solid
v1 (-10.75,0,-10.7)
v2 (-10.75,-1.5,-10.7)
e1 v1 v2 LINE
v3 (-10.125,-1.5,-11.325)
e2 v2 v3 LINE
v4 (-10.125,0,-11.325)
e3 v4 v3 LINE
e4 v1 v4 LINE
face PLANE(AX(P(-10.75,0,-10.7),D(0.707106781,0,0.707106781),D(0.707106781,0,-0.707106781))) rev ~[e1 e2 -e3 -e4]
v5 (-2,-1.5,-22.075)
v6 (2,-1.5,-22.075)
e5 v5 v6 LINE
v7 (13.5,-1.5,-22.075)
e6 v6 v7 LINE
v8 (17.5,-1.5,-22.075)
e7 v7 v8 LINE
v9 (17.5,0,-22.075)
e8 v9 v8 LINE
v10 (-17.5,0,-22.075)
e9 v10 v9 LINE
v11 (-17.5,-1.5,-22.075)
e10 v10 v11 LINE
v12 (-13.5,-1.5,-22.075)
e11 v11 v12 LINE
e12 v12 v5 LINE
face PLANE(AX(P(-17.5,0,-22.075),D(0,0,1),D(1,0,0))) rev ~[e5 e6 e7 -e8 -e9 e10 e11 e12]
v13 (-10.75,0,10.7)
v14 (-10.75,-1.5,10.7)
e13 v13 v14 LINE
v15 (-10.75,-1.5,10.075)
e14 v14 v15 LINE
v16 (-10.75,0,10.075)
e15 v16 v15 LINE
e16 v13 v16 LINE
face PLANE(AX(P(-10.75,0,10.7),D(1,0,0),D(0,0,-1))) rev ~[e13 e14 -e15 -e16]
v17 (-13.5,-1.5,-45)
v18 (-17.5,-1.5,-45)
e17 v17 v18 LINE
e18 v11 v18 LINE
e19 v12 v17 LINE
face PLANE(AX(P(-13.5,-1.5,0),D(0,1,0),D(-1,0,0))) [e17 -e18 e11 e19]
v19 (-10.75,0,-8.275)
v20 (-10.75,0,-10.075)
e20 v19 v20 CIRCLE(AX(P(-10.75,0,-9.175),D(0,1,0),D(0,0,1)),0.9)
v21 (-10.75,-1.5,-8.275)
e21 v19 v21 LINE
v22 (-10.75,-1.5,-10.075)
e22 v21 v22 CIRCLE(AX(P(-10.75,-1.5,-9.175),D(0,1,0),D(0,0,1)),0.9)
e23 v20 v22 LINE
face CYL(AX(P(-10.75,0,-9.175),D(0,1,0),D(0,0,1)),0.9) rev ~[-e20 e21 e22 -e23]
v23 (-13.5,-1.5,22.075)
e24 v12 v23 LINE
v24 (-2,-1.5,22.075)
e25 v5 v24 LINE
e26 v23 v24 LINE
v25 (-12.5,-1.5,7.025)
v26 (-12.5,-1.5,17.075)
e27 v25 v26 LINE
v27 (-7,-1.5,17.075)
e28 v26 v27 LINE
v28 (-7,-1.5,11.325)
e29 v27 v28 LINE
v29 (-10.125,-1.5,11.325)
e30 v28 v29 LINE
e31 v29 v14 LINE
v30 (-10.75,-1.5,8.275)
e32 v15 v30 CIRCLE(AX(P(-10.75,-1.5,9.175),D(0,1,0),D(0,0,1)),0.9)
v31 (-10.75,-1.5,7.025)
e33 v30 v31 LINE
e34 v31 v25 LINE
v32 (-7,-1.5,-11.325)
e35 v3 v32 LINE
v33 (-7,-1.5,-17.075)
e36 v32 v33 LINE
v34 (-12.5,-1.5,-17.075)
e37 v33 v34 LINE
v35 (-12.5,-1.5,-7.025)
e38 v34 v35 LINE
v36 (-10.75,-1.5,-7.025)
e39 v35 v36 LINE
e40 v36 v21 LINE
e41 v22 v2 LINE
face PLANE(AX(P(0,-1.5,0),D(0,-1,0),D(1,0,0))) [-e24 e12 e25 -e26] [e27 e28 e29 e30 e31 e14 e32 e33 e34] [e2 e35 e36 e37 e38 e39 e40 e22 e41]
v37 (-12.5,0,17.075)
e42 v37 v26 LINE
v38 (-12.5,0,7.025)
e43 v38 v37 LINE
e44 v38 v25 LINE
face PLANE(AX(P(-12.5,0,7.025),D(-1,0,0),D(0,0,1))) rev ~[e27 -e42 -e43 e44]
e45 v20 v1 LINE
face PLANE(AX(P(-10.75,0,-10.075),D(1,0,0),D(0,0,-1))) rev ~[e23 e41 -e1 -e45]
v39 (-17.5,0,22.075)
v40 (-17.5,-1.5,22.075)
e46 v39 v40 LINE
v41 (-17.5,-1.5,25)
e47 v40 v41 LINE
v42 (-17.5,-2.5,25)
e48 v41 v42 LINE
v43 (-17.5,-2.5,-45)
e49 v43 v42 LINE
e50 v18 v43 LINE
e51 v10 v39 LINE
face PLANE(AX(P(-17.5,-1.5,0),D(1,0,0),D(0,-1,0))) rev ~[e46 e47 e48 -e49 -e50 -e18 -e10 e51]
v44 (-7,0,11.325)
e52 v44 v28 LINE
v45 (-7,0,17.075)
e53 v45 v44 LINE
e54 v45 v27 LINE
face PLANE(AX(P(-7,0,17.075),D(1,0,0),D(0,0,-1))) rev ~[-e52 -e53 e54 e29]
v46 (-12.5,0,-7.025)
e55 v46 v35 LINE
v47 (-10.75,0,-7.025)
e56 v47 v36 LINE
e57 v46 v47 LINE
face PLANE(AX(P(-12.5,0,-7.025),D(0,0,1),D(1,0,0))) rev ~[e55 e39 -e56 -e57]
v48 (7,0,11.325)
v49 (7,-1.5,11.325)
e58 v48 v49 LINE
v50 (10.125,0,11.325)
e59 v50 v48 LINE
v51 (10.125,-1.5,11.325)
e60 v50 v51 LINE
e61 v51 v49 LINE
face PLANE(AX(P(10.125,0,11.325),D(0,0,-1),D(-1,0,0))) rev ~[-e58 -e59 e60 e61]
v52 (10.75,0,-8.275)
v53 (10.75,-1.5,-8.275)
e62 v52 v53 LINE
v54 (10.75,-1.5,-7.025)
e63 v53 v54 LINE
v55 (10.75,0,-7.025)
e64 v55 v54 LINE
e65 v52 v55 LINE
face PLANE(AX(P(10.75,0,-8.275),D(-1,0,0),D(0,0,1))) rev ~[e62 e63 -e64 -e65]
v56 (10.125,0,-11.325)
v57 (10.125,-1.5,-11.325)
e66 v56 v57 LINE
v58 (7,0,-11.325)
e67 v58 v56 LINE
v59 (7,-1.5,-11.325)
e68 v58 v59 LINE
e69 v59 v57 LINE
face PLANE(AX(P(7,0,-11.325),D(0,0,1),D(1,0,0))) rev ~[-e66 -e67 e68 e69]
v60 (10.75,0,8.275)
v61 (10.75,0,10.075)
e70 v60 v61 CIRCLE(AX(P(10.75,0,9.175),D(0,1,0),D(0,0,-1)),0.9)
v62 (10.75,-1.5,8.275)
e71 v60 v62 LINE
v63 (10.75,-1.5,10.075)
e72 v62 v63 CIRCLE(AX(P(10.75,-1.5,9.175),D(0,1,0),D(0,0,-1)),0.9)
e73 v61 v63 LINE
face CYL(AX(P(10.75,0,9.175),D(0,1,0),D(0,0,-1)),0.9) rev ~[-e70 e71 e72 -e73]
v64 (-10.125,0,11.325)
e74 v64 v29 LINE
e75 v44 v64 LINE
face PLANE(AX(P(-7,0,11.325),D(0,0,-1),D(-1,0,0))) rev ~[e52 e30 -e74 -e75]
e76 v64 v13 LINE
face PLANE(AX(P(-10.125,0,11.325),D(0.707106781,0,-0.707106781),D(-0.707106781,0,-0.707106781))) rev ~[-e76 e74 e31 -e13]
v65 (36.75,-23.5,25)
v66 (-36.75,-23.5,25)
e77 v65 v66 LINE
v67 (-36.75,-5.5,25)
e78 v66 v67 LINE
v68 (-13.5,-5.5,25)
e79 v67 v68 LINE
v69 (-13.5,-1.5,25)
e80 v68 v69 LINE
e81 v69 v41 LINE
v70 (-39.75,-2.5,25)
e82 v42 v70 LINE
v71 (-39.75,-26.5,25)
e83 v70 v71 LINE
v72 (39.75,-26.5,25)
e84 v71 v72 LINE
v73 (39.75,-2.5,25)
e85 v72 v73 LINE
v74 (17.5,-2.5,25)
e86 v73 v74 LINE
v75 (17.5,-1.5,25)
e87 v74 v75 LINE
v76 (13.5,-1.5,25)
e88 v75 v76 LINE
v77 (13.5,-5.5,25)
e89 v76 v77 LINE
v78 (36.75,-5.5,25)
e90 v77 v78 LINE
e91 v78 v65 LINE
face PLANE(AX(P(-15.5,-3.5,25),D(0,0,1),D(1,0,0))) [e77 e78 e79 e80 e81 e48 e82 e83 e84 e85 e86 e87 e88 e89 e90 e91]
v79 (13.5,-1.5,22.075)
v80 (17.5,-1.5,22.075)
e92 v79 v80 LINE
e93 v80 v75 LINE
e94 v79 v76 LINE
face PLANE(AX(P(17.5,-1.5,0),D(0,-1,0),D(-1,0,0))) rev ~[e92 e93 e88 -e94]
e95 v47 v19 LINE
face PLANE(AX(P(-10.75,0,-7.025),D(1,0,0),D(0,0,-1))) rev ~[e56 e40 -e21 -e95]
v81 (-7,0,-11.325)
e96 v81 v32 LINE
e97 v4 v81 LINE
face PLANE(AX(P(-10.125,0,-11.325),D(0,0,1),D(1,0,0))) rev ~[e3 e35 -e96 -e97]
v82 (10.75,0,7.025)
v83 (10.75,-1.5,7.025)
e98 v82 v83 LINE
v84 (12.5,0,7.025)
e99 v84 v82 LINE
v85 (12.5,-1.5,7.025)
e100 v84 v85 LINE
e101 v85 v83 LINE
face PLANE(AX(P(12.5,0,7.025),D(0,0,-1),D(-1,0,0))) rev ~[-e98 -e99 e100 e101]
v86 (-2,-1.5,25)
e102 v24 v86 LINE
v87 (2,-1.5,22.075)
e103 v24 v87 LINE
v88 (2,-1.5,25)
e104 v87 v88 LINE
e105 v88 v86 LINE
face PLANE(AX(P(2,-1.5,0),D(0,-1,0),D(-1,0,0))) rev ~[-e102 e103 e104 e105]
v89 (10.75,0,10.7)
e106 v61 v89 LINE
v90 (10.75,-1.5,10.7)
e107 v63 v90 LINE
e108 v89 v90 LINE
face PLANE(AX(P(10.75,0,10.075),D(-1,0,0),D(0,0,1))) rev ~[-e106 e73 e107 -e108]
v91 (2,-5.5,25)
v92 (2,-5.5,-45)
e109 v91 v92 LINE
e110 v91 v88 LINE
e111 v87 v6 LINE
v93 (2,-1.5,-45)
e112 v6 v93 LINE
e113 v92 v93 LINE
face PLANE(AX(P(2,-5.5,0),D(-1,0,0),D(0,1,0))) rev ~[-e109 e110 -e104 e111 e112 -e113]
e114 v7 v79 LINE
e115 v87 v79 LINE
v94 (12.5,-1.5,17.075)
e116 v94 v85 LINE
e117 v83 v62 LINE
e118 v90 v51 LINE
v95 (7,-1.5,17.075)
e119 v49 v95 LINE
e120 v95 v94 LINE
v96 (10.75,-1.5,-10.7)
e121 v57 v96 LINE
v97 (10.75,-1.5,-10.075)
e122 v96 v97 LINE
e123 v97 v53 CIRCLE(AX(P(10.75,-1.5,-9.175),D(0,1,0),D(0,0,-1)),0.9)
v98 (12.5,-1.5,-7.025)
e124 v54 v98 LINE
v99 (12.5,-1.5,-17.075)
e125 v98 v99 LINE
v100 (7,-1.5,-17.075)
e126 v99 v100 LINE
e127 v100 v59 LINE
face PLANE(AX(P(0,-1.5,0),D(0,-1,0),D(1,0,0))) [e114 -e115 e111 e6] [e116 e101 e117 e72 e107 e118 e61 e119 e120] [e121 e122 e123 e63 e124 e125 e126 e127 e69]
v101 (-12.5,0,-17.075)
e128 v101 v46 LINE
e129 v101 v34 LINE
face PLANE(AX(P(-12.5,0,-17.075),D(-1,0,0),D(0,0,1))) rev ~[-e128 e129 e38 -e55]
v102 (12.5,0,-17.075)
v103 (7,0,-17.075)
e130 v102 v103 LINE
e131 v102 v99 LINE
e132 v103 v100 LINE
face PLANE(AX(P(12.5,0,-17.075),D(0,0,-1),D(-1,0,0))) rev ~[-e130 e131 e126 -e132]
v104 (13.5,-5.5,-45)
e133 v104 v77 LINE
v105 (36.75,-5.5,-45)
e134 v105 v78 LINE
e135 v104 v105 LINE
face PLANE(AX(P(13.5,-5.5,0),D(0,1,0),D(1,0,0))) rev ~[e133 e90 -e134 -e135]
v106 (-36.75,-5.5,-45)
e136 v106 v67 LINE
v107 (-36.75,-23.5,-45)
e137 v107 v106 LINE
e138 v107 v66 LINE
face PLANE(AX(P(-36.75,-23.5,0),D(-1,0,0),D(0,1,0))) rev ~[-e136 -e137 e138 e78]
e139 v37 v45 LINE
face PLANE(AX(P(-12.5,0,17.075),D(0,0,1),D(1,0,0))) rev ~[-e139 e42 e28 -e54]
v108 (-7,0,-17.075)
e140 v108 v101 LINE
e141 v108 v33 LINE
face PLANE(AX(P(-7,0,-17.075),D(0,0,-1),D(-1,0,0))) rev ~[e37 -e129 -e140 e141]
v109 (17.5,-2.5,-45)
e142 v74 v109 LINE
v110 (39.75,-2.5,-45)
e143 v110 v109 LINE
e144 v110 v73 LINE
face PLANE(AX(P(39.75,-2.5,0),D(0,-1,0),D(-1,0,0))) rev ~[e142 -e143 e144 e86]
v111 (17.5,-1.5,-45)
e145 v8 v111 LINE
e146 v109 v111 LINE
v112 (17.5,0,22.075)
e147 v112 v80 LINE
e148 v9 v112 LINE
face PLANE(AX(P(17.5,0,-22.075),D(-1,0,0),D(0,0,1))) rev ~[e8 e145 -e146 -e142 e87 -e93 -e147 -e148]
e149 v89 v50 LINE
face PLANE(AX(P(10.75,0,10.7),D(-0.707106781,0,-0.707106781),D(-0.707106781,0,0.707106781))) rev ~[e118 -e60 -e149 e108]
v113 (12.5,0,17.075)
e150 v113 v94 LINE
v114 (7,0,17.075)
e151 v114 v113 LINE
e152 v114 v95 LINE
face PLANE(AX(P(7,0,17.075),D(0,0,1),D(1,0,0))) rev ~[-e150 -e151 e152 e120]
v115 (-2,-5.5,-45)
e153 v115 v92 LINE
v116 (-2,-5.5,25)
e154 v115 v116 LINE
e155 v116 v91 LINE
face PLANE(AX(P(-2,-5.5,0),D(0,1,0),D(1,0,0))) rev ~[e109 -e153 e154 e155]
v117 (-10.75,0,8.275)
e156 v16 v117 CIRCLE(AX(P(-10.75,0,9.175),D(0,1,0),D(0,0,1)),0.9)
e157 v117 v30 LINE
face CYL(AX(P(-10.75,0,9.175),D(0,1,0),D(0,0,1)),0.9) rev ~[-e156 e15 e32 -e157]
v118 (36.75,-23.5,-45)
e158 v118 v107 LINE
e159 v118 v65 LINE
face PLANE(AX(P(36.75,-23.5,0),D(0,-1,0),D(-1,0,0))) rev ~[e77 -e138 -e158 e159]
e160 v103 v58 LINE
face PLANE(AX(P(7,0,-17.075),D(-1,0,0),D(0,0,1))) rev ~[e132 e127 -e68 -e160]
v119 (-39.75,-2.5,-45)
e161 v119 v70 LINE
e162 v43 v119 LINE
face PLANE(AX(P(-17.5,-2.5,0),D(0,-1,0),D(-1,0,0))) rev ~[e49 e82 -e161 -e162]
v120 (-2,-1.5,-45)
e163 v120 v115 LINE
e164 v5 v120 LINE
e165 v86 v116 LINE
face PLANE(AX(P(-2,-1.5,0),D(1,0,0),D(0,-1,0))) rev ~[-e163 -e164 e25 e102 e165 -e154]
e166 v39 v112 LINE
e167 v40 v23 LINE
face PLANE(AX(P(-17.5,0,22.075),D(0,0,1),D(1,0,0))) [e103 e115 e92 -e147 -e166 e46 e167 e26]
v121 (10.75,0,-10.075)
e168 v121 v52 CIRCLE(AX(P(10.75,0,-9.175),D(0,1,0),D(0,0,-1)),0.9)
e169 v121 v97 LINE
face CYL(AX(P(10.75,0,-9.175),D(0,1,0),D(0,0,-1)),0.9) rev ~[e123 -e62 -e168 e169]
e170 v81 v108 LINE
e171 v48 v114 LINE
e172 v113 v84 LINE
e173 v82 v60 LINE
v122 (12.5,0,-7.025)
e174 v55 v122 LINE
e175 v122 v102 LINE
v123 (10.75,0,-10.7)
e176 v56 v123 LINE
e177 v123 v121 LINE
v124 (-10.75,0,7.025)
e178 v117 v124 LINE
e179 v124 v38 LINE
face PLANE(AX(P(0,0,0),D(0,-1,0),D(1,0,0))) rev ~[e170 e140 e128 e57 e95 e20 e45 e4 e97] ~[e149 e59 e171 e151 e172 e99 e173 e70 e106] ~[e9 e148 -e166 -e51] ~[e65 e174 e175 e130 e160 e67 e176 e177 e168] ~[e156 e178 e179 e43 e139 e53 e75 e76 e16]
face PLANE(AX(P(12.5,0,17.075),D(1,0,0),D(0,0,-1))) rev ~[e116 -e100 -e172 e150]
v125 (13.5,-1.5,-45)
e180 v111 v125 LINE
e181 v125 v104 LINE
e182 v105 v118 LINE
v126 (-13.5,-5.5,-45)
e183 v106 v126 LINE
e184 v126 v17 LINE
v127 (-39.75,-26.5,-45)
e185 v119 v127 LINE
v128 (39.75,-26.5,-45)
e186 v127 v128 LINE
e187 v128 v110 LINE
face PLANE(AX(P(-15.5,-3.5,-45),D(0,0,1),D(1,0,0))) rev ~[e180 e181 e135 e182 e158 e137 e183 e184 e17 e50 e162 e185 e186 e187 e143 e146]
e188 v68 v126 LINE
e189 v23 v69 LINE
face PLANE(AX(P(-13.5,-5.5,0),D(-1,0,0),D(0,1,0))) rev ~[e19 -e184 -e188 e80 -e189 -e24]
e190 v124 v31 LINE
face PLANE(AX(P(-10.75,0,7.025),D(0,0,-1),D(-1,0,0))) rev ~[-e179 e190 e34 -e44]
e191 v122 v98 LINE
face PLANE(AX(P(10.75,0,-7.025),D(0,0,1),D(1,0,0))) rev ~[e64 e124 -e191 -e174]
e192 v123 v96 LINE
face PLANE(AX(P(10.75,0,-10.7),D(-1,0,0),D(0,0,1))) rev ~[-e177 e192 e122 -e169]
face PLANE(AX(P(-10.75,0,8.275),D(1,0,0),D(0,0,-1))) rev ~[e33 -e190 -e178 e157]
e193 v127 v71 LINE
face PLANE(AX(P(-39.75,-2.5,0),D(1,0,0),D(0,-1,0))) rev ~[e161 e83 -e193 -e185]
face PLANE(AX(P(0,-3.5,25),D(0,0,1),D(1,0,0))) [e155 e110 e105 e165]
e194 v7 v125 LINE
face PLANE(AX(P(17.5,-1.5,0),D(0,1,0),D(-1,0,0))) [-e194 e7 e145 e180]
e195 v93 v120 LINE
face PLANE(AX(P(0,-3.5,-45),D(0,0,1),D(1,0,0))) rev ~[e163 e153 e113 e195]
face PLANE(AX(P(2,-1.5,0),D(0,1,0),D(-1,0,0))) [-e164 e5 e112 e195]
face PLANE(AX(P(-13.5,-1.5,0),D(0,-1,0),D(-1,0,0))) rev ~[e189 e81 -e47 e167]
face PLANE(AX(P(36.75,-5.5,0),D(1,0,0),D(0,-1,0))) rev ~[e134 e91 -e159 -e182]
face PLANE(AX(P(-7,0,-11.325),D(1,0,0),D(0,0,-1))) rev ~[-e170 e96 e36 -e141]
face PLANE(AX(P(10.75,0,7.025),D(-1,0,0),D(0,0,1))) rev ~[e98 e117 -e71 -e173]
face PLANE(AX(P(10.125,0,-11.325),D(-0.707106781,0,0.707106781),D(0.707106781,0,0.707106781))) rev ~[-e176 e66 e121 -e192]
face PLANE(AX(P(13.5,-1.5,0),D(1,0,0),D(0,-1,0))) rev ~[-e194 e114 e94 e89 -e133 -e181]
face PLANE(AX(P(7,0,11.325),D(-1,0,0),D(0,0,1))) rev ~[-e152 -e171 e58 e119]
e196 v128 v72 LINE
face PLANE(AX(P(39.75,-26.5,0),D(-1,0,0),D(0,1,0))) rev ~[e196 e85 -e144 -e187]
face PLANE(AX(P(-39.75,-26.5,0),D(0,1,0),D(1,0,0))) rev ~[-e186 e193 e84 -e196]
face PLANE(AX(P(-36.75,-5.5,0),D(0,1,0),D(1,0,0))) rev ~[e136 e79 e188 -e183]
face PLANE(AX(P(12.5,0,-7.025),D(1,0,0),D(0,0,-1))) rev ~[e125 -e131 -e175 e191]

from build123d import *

# Parameters (mm, degrees)
F0_W          = 35
F0_H          = 44.15
F1_DEPTH      = 1.5
F3_DEPTH      = 45
F3_DEPTH_BACK = 25


with BuildPart() as f1:
    # F0 (on Front) → F1 (new body)
    with BuildSketch(Plane.XZ):
        Rectangle(F0_W, F0_H)
        with BuildLine():
            Line((-10.75, -10.075), (-10.75, -10.7))
            Line((-10.75, -10.7), (-10.125, -11.325))
            Line((-10.125, -11.325), (-7, -11.325))
            Line((-7, -11.325), (-7, -17.075))
            Line((-7, -17.075), (-12.5, -17.075))
            Line((-12.5, -17.075), (-12.5, -11.325))
            Line((-12.5, -11.325), (-12.5, -7.025))
            Line((-12.5, -7.025), (-10.75, -7.025))
            Line((-10.75, -7.025), (-10.75, -8.275))
            ThreePointArc((-10.75, -8.275), (-9.85, -9.175), (-10.75, -10.075))
        make_face(mode=Mode.SUBTRACT)
        with BuildLine():
            Line((10.125, -11.325), (10.75, -10.7))
            Line((10.75, -10.7), (10.75, -10.075))
            ThreePointArc((10.75, -10.075), (9.85, -9.175), (10.75, -8.275))
            Line((10.75, -8.275), (10.75, -7.025))
            Line((10.75, -7.025), (12.5, -7.025))
            Line((12.5, -7.025), (12.5, -11.325))
            Line((12.5, -11.325), (12.5, -17.075))
            Line((12.5, -17.075), (7, -17.075))
            Line((7, -17.075), (7, -11.325))
            Line((7, -11.325), (10.125, -11.325))
        make_face(mode=Mode.SUBTRACT)
        with BuildLine():
            Line((-12.5, 17.075), (-7, 17.075))
            Line((-7, 17.075), (-7, 11.325))
            Line((-7, 11.325), (-10.125, 11.325))
            Line((-10.125, 11.325), (-10.75, 10.7))
            Line((-10.75, 10.7), (-10.75, 10.075))
            ThreePointArc((-10.75, 10.075), (-9.85, 9.175), (-10.75, 8.275))
            Line((-10.75, 8.275), (-10.75, 7.025))
            Line((-10.75, 7.025), (-12.5, 7.025))
            Line((-12.5, 7.025), (-12.5, 11.325))
            Line((-12.5, 11.325), (-12.5, 17.075))
        make_face(mode=Mode.SUBTRACT)
        with BuildLine():
            Line((7, 17.075), (12.5, 17.075))
            Line((12.5, 17.075), (12.5, 11.325))
            Line((12.5, 11.325), (12.5, 7.025))
            Line((12.5, 7.025), (10.75, 7.025))
            Line((10.75, 7.025), (10.75, 8.275))
            ThreePointArc((10.75, 8.275), (9.85, 9.175), (10.75, 10.075))
            Line((10.75, 10.075), (10.75, 10.7))
            Line((10.75, 10.7), (10.125, 11.325))
            Line((10.125, 11.325), (7, 11.325))
            Line((7, 11.325), (7, 17.075))
        make_face(mode=Mode.SUBTRACT)
    extrude(amount=F1_DEPTH)

    # F2 (on Top) → F3 (join, two sides)
    with BuildSketch(Plane.XY) as f3_sk:
        Polygon((-13.5, -1.5), (-17.5, -1.5), (-17.5, -2.5), (-17.5, -5.5), (-13.5, -5.5), align=None)
        Polygon((-17.5, -5.5), (-17.5, -2.5), (-39.75, -2.5), (-39.75, -26.5), (39.75, -26.5), (39.75, -2.5), (17.5, -2.5), (17.5, -5.5), (36.75, -5.5), (36.75, -23.5), (-36.75, -23.5), (-36.75, -5.5), align=None)
        Polygon((17.5, -5.5), (17.5, -2.5), (17.5, -1.5), (13.5, -1.5), (13.5, -5.5), align=None)
        Polygon((-2, -1.5), (-2, -5.5), (0, -5.5), (2, -5.5), (2, -1.5), (0, -1.5), align=None)
    extrude(amount=-F3_DEPTH)
    extrude(f3_sk.sketch, amount=F3_DEPTH_BACK)


solid = f1.part
